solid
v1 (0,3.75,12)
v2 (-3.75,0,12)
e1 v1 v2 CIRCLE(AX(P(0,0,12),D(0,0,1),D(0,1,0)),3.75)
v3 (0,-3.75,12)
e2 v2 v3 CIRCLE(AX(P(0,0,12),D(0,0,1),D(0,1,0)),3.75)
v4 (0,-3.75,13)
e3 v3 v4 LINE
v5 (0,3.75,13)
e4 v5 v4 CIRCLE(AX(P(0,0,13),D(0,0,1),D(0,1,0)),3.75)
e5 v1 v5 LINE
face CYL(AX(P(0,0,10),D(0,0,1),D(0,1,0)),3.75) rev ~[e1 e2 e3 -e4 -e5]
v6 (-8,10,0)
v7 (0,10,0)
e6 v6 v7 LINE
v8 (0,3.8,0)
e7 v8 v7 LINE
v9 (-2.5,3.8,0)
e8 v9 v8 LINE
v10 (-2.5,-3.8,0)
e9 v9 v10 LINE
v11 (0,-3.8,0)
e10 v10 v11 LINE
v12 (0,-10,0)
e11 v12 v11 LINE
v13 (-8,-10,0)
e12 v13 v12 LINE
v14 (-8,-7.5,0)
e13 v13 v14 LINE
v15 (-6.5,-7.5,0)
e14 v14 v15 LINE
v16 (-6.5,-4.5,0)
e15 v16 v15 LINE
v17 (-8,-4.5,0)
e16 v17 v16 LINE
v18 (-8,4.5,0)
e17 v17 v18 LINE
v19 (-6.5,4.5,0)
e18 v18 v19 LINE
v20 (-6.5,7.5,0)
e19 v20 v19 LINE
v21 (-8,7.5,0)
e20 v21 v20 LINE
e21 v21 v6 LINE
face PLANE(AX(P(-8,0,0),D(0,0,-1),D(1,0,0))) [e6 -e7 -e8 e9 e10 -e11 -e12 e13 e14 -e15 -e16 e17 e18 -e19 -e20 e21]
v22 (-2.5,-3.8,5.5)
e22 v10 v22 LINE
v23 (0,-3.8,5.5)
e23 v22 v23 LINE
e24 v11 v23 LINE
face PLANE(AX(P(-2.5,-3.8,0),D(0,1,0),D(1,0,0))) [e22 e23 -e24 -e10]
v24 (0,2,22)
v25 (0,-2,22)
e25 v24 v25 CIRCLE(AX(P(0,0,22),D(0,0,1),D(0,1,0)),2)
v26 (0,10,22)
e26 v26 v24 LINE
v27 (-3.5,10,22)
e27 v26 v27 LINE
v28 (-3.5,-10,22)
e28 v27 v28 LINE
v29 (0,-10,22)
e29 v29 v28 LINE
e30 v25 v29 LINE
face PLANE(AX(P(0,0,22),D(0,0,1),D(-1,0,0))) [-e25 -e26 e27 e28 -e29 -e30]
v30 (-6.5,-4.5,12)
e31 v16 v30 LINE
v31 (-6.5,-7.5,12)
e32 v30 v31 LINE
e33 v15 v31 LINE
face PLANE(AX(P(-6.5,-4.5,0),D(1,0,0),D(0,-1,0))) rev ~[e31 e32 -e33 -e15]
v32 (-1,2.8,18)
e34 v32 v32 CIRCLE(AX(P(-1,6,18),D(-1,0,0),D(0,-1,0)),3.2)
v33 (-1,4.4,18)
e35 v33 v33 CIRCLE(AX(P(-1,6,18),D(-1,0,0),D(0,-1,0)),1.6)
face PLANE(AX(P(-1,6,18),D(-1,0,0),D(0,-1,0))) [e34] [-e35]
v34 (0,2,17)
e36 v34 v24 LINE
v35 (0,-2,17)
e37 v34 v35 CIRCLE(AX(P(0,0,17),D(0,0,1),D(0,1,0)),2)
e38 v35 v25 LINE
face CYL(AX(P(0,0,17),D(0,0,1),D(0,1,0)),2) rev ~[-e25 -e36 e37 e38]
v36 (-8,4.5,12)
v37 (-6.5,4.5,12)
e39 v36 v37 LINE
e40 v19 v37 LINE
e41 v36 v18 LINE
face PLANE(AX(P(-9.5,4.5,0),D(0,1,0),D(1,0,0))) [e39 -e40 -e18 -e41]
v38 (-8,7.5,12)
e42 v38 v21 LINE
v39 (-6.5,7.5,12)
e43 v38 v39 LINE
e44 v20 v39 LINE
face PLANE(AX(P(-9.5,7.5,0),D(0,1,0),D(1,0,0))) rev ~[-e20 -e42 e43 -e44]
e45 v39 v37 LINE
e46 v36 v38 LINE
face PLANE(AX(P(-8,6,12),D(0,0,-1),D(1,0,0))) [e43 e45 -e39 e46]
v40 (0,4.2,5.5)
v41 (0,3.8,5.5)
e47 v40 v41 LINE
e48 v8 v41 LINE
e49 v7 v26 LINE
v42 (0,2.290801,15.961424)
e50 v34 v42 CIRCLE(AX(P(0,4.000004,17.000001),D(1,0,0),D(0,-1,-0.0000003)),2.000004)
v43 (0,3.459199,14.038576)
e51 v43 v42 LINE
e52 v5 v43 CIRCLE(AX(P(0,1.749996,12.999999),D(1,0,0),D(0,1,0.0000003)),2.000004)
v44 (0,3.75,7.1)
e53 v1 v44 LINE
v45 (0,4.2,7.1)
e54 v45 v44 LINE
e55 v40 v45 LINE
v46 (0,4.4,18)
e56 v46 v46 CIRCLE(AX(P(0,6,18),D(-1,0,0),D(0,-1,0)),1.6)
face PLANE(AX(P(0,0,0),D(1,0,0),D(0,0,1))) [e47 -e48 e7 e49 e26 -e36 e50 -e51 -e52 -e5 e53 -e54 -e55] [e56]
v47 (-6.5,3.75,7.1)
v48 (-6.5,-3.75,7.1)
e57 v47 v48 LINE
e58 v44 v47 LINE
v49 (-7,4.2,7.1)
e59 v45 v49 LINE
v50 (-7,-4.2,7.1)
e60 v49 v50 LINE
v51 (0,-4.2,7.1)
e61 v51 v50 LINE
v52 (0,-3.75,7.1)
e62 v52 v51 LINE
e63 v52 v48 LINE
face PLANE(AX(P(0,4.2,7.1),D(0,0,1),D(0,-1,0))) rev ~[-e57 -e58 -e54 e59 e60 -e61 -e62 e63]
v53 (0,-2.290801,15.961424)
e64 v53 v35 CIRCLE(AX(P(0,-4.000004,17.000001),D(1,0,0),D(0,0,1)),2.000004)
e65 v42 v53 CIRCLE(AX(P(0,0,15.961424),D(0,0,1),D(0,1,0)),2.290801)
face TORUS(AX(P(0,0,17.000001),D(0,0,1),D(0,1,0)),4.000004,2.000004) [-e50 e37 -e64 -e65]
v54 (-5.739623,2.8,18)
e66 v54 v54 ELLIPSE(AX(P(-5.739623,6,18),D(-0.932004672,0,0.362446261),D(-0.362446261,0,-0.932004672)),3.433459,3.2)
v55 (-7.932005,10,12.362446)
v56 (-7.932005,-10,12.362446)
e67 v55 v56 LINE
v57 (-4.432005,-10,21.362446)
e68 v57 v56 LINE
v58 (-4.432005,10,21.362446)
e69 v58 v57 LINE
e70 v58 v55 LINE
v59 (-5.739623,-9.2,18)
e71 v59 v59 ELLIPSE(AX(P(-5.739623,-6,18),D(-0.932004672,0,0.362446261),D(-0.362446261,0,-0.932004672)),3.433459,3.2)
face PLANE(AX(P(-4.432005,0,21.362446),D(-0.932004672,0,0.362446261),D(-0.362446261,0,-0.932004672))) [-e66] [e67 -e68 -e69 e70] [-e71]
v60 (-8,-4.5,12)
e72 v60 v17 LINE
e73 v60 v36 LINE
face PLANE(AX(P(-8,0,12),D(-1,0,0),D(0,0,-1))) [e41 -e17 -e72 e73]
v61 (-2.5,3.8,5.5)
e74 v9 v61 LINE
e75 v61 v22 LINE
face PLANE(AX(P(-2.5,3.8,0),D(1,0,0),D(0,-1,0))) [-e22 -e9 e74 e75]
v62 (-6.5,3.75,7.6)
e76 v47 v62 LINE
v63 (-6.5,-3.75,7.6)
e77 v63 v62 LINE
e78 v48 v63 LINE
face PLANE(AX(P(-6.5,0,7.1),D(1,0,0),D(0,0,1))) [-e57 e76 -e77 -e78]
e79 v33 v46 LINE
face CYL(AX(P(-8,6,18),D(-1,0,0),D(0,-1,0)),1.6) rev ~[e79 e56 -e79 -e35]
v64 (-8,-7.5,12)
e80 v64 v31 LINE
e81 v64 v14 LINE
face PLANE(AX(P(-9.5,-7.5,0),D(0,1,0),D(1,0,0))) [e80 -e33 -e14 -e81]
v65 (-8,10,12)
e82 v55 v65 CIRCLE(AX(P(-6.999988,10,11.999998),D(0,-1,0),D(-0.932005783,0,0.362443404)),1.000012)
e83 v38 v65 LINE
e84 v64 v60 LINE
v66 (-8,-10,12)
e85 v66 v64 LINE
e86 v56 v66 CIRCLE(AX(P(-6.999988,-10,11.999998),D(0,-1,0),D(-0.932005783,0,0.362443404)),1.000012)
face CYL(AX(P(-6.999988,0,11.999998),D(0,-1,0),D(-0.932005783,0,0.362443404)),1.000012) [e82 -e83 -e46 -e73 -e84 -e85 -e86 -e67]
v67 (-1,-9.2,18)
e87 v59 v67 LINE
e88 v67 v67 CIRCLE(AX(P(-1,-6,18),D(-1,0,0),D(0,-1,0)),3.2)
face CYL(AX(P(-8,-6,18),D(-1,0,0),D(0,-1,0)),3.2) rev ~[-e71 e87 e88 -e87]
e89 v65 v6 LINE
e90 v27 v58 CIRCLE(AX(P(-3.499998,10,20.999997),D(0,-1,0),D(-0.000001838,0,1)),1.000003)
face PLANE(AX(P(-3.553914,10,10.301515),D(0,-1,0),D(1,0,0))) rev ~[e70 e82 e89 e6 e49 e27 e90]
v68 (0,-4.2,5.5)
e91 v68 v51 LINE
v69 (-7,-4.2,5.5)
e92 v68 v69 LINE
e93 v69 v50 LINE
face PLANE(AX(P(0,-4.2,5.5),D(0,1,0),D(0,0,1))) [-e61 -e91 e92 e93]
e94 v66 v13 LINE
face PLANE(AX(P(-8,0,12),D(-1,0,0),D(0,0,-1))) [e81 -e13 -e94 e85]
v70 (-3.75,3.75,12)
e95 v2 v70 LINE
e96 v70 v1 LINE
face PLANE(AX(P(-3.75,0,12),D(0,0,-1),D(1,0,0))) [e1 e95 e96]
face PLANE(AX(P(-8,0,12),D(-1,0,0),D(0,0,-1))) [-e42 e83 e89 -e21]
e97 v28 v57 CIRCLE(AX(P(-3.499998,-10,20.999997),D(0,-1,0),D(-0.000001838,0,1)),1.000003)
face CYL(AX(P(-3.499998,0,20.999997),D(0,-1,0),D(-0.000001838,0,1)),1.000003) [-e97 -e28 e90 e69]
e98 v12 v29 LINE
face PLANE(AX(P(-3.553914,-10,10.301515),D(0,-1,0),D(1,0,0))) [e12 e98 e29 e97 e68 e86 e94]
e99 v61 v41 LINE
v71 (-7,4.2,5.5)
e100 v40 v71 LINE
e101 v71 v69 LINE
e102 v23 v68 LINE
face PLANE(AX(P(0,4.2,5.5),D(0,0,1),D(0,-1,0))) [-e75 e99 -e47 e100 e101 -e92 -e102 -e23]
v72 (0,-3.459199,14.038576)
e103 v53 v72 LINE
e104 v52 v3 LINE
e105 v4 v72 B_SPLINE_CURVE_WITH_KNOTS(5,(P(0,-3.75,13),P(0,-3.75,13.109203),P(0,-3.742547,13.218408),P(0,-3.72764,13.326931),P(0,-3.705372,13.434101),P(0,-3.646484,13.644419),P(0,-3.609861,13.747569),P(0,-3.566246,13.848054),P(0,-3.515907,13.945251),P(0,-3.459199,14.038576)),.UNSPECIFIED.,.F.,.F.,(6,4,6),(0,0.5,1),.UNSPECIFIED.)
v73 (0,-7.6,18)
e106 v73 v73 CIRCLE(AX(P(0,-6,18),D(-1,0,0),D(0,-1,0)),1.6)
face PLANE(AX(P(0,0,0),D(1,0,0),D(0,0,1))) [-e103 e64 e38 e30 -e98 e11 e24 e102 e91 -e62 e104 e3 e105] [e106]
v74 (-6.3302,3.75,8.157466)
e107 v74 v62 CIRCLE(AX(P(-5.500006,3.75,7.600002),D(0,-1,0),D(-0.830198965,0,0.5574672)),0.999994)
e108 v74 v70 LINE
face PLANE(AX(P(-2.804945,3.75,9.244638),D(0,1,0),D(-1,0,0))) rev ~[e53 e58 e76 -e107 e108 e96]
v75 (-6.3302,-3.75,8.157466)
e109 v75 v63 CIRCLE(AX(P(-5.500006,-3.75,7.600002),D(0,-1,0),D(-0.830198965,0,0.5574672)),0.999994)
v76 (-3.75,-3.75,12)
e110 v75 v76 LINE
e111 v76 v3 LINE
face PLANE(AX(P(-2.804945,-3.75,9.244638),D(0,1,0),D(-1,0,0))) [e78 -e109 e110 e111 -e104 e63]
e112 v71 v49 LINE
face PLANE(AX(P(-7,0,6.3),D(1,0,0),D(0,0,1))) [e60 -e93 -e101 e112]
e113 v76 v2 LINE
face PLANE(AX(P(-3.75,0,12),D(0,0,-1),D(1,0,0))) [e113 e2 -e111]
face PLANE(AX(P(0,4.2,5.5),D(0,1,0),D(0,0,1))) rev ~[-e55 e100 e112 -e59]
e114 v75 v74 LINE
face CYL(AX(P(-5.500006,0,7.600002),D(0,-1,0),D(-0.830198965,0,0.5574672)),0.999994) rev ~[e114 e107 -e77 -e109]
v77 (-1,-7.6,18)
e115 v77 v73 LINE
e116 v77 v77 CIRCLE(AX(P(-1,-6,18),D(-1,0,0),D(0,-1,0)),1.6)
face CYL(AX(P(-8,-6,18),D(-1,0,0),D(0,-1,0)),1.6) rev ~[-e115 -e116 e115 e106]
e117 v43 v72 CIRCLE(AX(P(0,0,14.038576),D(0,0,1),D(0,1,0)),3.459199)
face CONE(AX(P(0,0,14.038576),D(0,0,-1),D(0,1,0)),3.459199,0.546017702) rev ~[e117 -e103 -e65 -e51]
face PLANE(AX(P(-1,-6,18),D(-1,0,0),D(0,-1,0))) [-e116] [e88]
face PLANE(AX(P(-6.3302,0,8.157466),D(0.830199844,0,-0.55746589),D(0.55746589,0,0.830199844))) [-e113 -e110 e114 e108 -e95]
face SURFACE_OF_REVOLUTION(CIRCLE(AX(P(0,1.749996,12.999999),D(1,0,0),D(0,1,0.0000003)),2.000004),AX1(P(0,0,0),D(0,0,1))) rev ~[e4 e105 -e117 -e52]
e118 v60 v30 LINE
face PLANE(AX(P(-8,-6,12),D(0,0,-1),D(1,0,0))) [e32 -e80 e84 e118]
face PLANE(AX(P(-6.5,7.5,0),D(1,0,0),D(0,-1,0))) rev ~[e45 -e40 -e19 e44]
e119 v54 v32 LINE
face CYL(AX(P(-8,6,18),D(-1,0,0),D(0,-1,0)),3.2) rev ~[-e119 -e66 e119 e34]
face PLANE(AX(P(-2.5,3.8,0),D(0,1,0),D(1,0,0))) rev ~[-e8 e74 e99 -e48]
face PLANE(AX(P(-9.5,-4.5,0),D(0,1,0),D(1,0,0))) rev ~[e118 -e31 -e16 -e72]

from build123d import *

# Parameters (mm, degrees)
PAD001_DEPTH    = 3.75
PAD_DEPTH       = 10
SKETCH002_W     = 1.6
SKETCH002_H     = 8.4
POCKET_DEPTH    = 7
SKETCH006_R     = 3.2
POCKET001_DEPTH = 7
SKETCH007_R     = 1.6
POCKET002_DEPTH = 8
SKETCH008_W     = 2.5
SKETCH008_H     = 7.6
POCKET003_DEPTH = 5.5
SKETCH009_W     = 3
SKETCH009_H     = 3
POCKET004_DEPTH = 12


with BuildPart() as revolution:
    # Sketch004 → Revolution (revolve)
    with BuildSketch(Plane.YZ):
        with BuildLine():
            Line((0, 24), (0, 10))
            Line((0, 10), (3.75, 10))
            Line((3.75, 10), (3.75, 13))
            ThreePointArc((3.75, 13), (3.675928, 13.53926), (3.459199, 14.038576))
            Line((3.459199, 14.038576), (2.290801, 15.961424))
            ThreePointArc((2, 17), (2.074072, 16.46074), (2.290801, 15.961424))
            Line((2, 17), (2, 24))
            Line((2, 24), (0, 24))
        make_face()
    revolve(axis=Axis((0, 0, 0), (0, 0, 1)))


with BuildPart() as pad001:
    # Sketch005 → Pad001 (new body, symmetric)
    with BuildSketch(Plane.XZ):
        with BuildLine():
            Line((-6.5, 7.1), (-6.5, 7.6))
            ThreePointArc((-6.3302, 8.157466), (-6.456609, 7.891376), (-6.5, 7.6))
            Line((-6.3302, 8.157466), (-3.75, 12))
            Line((-3.75, 12), (0, 12))
            Line((0, 12), (0, 7.1))
            Line((0, 7.1), (-6.5, 7.1))
        make_face()
    extrude(amount=PAD001_DEPTH, both=True)


with BuildPart() as pocket004:
    # Sketch → Pad (new body, symmetric)
    with BuildSketch(Plane.XZ):
        with BuildLine():
            Line((0, 0), (0, 22))
            Line((0, 22), (-3.5, 22))
            ThreePointArc((-3.5, 22), (-4.064603, 21.825362), (-4.432005, 21.362446))
            Line((-4.432005, 21.362446), (-7.932005, 12.362446))
            ThreePointArc((-7.932005, 12.362446), (-7.982854, 12.184385), (-8, 12))
            Line((-8, 12), (-8, 0))
            Line((-8, 0), (0, 0))
        make_face()
    extrude(amount=PAD_DEPTH, both=True)

    # Sketch002 → Pocket (cut)
    with BuildSketch(Plane(origin=(0, 0, 0), x_dir=(0, 0, 1), z_dir=(1, 0, 0))):
        with Locations((6.3, 0)):
            Rectangle(SKETCH002_W, SKETCH002_H)
    extrude(amount=-POCKET_DEPTH, mode=Mode.SUBTRACT)

    # Cut: cut Pad001
    add(pad001.part, mode=Mode.SUBTRACT)

    # Cut001: cut Revolution
    add(revolution.part, mode=Mode.SUBTRACT)

    # Sketch006 → Pocket001 (cut)
    with BuildSketch(Plane(origin=(-8, 0, 0), x_dir=(0, -1, 0), z_dir=(-1, 0, 0))):
        with Locations((-6, 18)):
            Circle(SKETCH006_R)
        with Locations((6, 18)):
            Circle(SKETCH006_R)
    extrude(amount=-POCKET001_DEPTH, mode=Mode.SUBTRACT)

    # Sketch007 → Pocket002 (cut)
    with BuildSketch(Plane(origin=(-8, 0, 0), x_dir=(0, -1, 0), z_dir=(-1, 0, 0))):
        with Locations((-6, 18)):
            Circle(SKETCH007_R)
        with Locations((6, 18)):
            Circle(SKETCH007_R)
    extrude(amount=-POCKET002_DEPTH, mode=Mode.SUBTRACT)

    # Sketch008 → Pocket003 (cut)
    with BuildSketch(Plane(origin=(0, 0, 0), x_dir=(1, 0, 0), z_dir=(0, 0, -1))):
        with Locations((-1.25, 0)):
            Rectangle(SKETCH008_W, SKETCH008_H)
    extrude(amount=-POCKET003_DEPTH, mode=Mode.SUBTRACT)

    # Sketch009 → Pocket004 (cut)
    with BuildSketch(Plane(origin=(0, 0, 0), x_dir=(1, 0, 0), z_dir=(0, 0, -1))):
        with Locations((-8, 6)):
            Rectangle(SKETCH009_W, SKETCH009_H)
        with Locations((-8, -6)):
            Rectangle(SKETCH009_W, SKETCH009_H)
    extrude(amount=-POCKET004_DEPTH, mode=Mode.SUBTRACT)


solid = pocket004.part
